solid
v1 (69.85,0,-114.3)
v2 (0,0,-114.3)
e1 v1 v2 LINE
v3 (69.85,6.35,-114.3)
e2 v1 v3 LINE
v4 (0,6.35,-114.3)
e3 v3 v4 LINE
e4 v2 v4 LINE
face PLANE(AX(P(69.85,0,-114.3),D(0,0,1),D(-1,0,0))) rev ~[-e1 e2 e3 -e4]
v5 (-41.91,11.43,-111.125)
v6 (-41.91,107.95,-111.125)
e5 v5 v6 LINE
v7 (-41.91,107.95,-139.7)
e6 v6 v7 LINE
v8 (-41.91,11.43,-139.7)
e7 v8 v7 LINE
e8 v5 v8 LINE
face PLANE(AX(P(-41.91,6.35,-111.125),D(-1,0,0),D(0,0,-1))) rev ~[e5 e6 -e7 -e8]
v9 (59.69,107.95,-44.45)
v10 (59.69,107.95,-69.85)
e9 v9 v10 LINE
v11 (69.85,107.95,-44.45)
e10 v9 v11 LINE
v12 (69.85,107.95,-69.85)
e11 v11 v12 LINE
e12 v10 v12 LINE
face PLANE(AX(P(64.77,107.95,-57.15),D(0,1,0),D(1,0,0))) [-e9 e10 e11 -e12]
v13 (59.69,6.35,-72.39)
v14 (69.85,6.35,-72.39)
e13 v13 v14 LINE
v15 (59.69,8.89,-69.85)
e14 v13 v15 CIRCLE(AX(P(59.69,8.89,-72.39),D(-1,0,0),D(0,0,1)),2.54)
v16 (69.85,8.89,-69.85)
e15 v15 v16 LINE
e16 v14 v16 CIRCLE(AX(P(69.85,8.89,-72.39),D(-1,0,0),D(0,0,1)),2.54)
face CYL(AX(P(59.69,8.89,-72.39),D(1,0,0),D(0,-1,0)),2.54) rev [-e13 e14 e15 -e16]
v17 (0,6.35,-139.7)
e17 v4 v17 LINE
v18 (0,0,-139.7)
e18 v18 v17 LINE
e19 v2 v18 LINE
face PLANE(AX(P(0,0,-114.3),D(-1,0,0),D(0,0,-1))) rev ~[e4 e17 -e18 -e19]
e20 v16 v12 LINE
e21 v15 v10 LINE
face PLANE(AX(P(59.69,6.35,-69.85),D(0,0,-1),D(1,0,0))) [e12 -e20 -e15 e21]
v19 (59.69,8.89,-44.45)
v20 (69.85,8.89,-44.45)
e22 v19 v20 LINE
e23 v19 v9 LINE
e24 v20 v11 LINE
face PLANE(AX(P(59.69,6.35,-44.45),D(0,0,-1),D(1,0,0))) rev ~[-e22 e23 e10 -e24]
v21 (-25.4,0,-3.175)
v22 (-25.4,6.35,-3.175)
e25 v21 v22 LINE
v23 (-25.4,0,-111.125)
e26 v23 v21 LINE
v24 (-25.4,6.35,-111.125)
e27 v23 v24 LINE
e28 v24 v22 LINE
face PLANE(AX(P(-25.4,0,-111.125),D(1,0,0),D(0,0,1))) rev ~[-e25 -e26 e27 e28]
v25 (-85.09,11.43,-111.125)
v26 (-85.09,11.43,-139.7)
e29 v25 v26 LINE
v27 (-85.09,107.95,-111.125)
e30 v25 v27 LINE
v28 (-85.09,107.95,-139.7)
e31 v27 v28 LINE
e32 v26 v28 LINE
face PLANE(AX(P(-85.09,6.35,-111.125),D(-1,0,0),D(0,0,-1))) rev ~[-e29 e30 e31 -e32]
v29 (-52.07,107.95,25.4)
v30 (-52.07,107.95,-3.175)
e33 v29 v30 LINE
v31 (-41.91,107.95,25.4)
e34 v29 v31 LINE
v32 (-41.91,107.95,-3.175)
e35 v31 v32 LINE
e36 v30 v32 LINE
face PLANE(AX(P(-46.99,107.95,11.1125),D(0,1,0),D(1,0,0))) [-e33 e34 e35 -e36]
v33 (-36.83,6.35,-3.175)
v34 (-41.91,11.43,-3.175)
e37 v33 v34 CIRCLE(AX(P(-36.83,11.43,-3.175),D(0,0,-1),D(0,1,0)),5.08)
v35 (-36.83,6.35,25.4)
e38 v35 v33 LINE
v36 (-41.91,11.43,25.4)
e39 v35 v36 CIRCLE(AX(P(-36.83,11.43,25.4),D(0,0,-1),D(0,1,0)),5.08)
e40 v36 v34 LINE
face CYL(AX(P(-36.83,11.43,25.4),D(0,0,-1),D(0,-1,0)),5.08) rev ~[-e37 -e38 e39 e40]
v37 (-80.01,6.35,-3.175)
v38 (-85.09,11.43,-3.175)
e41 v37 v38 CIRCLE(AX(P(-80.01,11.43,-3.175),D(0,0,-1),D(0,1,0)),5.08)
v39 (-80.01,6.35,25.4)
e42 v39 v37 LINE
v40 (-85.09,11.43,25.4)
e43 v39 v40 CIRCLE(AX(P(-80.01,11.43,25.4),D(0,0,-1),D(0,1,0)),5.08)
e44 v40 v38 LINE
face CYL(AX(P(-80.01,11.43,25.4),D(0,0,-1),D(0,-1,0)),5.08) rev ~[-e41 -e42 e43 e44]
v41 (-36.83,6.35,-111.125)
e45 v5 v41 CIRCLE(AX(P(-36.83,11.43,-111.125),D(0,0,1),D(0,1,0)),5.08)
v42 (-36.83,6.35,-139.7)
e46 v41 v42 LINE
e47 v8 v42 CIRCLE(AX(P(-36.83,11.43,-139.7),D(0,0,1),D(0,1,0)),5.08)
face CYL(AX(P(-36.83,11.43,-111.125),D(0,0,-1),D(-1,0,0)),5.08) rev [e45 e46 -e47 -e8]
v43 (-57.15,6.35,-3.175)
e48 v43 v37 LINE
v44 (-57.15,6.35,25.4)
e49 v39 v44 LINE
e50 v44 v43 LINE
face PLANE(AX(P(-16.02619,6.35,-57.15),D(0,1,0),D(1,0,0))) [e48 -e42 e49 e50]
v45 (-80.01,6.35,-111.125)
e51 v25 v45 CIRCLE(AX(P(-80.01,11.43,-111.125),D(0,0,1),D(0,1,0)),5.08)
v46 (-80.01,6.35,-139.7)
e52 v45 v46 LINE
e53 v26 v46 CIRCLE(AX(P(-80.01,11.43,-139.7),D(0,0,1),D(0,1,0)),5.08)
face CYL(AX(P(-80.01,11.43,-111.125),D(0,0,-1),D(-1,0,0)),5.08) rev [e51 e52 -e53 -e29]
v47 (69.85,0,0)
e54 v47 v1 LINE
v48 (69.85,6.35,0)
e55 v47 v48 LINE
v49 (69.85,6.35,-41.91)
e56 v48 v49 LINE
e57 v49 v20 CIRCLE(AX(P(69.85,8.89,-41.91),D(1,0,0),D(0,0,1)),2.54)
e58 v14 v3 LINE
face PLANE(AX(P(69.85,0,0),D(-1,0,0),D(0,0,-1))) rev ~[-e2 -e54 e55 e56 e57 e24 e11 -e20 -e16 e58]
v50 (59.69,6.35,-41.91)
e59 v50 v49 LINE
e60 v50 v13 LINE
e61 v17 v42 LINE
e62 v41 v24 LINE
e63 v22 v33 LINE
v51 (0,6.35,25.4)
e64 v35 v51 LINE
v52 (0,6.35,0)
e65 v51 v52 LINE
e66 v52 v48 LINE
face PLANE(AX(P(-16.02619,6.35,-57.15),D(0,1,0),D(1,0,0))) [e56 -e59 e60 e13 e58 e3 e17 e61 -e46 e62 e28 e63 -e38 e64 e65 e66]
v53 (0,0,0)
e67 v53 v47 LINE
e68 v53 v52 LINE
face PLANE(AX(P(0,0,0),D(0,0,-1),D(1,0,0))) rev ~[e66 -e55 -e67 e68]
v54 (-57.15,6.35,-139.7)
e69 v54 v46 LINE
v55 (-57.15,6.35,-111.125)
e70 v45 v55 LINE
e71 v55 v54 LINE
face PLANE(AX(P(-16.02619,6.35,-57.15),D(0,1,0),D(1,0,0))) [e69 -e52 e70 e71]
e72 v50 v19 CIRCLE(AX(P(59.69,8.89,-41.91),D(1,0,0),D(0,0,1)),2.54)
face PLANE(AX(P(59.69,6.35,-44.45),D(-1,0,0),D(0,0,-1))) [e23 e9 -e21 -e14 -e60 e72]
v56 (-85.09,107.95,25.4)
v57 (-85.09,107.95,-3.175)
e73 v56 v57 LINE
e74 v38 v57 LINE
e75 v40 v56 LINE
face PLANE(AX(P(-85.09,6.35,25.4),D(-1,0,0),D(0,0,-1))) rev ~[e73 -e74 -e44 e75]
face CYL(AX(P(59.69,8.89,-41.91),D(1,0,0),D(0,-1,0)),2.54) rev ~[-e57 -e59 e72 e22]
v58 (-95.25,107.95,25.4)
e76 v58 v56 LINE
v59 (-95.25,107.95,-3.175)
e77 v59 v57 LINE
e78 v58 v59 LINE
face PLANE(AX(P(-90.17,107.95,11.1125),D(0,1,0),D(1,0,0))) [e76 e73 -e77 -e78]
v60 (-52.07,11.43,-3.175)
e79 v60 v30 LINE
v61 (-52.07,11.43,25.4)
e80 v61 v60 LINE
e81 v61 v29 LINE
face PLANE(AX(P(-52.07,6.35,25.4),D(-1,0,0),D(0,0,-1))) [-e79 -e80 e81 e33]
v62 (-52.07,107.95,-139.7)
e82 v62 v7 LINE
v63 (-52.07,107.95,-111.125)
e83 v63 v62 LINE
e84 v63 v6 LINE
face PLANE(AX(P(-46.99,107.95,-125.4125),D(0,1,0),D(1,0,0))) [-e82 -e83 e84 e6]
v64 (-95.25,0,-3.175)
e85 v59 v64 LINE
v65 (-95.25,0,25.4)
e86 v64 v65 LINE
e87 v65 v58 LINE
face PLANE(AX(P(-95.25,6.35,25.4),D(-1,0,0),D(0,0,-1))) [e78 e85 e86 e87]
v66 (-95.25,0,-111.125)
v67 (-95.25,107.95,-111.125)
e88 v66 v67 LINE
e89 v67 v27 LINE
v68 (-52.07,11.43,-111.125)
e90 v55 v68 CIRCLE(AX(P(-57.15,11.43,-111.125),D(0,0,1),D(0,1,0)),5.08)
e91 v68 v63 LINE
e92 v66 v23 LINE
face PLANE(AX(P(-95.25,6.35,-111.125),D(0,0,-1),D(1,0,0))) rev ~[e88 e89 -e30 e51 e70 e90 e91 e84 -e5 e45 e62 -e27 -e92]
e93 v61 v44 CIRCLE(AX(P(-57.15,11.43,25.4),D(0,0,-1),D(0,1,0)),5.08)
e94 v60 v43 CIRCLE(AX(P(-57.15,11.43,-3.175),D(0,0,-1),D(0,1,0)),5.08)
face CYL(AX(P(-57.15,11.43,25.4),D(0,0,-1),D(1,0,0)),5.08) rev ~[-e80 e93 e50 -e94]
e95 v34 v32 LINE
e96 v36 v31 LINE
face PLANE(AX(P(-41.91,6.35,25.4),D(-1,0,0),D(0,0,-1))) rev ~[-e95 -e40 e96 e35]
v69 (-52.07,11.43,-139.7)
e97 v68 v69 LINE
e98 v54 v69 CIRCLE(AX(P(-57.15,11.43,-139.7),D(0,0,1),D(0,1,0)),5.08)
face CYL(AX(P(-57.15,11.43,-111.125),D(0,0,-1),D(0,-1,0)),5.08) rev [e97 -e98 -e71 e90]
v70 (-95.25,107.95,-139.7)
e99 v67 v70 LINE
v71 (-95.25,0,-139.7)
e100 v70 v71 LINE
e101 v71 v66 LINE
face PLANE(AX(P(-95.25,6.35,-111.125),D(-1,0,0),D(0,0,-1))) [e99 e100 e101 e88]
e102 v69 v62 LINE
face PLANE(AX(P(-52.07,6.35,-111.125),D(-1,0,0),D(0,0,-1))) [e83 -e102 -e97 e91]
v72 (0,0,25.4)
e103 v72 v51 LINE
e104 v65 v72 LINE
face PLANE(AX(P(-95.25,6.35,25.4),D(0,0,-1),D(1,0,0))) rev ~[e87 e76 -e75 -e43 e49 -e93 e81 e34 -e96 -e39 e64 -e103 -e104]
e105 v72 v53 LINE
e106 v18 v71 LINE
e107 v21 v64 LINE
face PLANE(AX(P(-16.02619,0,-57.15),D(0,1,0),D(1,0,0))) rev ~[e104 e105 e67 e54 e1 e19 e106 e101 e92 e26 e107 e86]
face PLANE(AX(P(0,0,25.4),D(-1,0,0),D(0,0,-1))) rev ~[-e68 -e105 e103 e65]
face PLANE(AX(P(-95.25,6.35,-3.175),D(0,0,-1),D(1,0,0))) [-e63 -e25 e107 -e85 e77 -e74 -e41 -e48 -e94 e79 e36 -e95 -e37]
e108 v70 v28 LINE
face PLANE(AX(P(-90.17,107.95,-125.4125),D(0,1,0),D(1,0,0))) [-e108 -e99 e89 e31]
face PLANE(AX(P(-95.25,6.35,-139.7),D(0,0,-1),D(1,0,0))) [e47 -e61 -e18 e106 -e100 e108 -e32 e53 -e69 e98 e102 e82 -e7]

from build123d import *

# Parameters (mm, degrees)
BOSS_EXTRUDE1_DEPTH = 6.35
SKETCH4_W           = 10.16
SKETCH4_H           = 28.575
BOSS_EXTRUDE4_DEPTH = 101.6
SKETCH5_W           = 10.16
SKETCH5_H           = 28.575
BOSS_EXTRUDE5_DEPTH = 101.6
SKETCH6_W           = 10.16
SKETCH6_H           = 25.4
BOSS_EXTRUDE7_DEPTH = 101.6
FILLET2_R           = 5.08
FILLET3_R           = 5.08
FILLET4_R           = 5.08
FILLET5_R           = 5.08
FILLET6_R           = 5.08
FILLET7_R           = 5.08
FILLET8_R           = 2.54
FILLET9_R           = 2.54


with BuildPart() as part:
    # Sketch1 → Boss-Extrude1 (new body)
    with BuildSketch(Plane(origin=(0, 0, 0), x_dir=(1, 0, 0), z_dir=(0, 1, 0))):
        Polygon((0, 114.3), (0, 139.7), (-95.25, 139.7), (-95.25, 111.125), (-25.4, 111.125), (-25.4, 3.175), (-95.25, 3.175), (-95.25, -25.4), (0, -25.4), (0, 0), (69.85, 0), (69.85, 114.3), align=None)
    extrude(amount=BOSS_EXTRUDE1_DEPTH)

    # Sketch4 → Boss-Extrude4 (add)
    with BuildSketch(Plane(origin=(0, 6.35, 0), x_dir=(1, 0, 0), z_dir=(0, 1, 0))):
        with Locations((-90.17, -11.1125)):
            Rectangle(SKETCH4_W, SKETCH4_H)
        with Locations((-46.99, -11.1125)):
            Rectangle(SKETCH4_W, SKETCH4_H)
    extrude(amount=BOSS_EXTRUDE4_DEPTH)

    # Sketch5 → Boss-Extrude5 (add)
    with BuildSketch(Plane(origin=(0, 6.35, 0), x_dir=(1, 0, 0), z_dir=(0, 1, 0))):
        with Locations((-90.17, 125.4125)):
            Rectangle(SKETCH5_W, SKETCH5_H)
        with Locations((-46.99, 125.4125)):
            Rectangle(SKETCH5_W, SKETCH5_H)
    extrude(amount=BOSS_EXTRUDE5_DEPTH)

    # Sketch6 → Boss-Extrude7 (add)
    with BuildSketch(Plane(origin=(0, 6.35, 0), x_dir=(1, 0, 0), z_dir=(0, 1, 0))):
        with Locations((64.77, 57.15)):
            Rectangle(SKETCH6_W, SKETCH6_H)
    extrude(amount=BOSS_EXTRUDE7_DEPTH)

    # Fillet2
    fillet2_edges = [part.edges().sort_by_distance(p)[0] for p in [
        (-41.91, 6.35, 11.1125),
    ]]
    fillet(fillet2_edges, radius=FILLET2_R)

    # Fillet3
    fillet3_edges = [part.edges().sort_by_distance(p)[0] for p in [
        (-52.07, 6.35, 11.1125),
    ]]
    fillet(fillet3_edges, radius=FILLET3_R)

    # Fillet4
    fillet4_edges = [part.edges().sort_by_distance(p)[0] for p in [
        (-85.09, 6.35, 11.1125),
    ]]
    fillet(fillet4_edges, radius=FILLET4_R)

    # Fillet5
    fillet5_edges = [part.edges().sort_by_distance(p)[0] for p in [
        (-85.09, 6.35, -125.4125),
    ]]
    fillet(fillet5_edges, radius=FILLET5_R)

    # Fillet6
    fillet6_edges = [part.edges().sort_by_distance(p)[0] for p in [
        (-52.07, 6.35, -125.4125),
    ]]
    fillet(fillet6_edges, radius=FILLET6_R)

    # Fillet7
    fillet7_edges = [part.edges().sort_by_distance(p)[0] for p in [
        (-41.91, 6.35, -125.4125),
    ]]
    fillet(fillet7_edges, radius=FILLET7_R)

    # Fillet8
    fillet8_edges = [part.edges().sort_by_distance(p)[0] for p in [
        (64.77, 6.35, -44.45),
    ]]
    fillet(fillet8_edges, radius=FILLET8_R)

    # Fillet9
    fillet9_edges = [part.edges().sort_by_distance(p)[0] for p in [
        (64.77, 6.35, -69.85),
    ]]
    fillet(fillet9_edges, radius=FILLET9_R)


solid = part.part
